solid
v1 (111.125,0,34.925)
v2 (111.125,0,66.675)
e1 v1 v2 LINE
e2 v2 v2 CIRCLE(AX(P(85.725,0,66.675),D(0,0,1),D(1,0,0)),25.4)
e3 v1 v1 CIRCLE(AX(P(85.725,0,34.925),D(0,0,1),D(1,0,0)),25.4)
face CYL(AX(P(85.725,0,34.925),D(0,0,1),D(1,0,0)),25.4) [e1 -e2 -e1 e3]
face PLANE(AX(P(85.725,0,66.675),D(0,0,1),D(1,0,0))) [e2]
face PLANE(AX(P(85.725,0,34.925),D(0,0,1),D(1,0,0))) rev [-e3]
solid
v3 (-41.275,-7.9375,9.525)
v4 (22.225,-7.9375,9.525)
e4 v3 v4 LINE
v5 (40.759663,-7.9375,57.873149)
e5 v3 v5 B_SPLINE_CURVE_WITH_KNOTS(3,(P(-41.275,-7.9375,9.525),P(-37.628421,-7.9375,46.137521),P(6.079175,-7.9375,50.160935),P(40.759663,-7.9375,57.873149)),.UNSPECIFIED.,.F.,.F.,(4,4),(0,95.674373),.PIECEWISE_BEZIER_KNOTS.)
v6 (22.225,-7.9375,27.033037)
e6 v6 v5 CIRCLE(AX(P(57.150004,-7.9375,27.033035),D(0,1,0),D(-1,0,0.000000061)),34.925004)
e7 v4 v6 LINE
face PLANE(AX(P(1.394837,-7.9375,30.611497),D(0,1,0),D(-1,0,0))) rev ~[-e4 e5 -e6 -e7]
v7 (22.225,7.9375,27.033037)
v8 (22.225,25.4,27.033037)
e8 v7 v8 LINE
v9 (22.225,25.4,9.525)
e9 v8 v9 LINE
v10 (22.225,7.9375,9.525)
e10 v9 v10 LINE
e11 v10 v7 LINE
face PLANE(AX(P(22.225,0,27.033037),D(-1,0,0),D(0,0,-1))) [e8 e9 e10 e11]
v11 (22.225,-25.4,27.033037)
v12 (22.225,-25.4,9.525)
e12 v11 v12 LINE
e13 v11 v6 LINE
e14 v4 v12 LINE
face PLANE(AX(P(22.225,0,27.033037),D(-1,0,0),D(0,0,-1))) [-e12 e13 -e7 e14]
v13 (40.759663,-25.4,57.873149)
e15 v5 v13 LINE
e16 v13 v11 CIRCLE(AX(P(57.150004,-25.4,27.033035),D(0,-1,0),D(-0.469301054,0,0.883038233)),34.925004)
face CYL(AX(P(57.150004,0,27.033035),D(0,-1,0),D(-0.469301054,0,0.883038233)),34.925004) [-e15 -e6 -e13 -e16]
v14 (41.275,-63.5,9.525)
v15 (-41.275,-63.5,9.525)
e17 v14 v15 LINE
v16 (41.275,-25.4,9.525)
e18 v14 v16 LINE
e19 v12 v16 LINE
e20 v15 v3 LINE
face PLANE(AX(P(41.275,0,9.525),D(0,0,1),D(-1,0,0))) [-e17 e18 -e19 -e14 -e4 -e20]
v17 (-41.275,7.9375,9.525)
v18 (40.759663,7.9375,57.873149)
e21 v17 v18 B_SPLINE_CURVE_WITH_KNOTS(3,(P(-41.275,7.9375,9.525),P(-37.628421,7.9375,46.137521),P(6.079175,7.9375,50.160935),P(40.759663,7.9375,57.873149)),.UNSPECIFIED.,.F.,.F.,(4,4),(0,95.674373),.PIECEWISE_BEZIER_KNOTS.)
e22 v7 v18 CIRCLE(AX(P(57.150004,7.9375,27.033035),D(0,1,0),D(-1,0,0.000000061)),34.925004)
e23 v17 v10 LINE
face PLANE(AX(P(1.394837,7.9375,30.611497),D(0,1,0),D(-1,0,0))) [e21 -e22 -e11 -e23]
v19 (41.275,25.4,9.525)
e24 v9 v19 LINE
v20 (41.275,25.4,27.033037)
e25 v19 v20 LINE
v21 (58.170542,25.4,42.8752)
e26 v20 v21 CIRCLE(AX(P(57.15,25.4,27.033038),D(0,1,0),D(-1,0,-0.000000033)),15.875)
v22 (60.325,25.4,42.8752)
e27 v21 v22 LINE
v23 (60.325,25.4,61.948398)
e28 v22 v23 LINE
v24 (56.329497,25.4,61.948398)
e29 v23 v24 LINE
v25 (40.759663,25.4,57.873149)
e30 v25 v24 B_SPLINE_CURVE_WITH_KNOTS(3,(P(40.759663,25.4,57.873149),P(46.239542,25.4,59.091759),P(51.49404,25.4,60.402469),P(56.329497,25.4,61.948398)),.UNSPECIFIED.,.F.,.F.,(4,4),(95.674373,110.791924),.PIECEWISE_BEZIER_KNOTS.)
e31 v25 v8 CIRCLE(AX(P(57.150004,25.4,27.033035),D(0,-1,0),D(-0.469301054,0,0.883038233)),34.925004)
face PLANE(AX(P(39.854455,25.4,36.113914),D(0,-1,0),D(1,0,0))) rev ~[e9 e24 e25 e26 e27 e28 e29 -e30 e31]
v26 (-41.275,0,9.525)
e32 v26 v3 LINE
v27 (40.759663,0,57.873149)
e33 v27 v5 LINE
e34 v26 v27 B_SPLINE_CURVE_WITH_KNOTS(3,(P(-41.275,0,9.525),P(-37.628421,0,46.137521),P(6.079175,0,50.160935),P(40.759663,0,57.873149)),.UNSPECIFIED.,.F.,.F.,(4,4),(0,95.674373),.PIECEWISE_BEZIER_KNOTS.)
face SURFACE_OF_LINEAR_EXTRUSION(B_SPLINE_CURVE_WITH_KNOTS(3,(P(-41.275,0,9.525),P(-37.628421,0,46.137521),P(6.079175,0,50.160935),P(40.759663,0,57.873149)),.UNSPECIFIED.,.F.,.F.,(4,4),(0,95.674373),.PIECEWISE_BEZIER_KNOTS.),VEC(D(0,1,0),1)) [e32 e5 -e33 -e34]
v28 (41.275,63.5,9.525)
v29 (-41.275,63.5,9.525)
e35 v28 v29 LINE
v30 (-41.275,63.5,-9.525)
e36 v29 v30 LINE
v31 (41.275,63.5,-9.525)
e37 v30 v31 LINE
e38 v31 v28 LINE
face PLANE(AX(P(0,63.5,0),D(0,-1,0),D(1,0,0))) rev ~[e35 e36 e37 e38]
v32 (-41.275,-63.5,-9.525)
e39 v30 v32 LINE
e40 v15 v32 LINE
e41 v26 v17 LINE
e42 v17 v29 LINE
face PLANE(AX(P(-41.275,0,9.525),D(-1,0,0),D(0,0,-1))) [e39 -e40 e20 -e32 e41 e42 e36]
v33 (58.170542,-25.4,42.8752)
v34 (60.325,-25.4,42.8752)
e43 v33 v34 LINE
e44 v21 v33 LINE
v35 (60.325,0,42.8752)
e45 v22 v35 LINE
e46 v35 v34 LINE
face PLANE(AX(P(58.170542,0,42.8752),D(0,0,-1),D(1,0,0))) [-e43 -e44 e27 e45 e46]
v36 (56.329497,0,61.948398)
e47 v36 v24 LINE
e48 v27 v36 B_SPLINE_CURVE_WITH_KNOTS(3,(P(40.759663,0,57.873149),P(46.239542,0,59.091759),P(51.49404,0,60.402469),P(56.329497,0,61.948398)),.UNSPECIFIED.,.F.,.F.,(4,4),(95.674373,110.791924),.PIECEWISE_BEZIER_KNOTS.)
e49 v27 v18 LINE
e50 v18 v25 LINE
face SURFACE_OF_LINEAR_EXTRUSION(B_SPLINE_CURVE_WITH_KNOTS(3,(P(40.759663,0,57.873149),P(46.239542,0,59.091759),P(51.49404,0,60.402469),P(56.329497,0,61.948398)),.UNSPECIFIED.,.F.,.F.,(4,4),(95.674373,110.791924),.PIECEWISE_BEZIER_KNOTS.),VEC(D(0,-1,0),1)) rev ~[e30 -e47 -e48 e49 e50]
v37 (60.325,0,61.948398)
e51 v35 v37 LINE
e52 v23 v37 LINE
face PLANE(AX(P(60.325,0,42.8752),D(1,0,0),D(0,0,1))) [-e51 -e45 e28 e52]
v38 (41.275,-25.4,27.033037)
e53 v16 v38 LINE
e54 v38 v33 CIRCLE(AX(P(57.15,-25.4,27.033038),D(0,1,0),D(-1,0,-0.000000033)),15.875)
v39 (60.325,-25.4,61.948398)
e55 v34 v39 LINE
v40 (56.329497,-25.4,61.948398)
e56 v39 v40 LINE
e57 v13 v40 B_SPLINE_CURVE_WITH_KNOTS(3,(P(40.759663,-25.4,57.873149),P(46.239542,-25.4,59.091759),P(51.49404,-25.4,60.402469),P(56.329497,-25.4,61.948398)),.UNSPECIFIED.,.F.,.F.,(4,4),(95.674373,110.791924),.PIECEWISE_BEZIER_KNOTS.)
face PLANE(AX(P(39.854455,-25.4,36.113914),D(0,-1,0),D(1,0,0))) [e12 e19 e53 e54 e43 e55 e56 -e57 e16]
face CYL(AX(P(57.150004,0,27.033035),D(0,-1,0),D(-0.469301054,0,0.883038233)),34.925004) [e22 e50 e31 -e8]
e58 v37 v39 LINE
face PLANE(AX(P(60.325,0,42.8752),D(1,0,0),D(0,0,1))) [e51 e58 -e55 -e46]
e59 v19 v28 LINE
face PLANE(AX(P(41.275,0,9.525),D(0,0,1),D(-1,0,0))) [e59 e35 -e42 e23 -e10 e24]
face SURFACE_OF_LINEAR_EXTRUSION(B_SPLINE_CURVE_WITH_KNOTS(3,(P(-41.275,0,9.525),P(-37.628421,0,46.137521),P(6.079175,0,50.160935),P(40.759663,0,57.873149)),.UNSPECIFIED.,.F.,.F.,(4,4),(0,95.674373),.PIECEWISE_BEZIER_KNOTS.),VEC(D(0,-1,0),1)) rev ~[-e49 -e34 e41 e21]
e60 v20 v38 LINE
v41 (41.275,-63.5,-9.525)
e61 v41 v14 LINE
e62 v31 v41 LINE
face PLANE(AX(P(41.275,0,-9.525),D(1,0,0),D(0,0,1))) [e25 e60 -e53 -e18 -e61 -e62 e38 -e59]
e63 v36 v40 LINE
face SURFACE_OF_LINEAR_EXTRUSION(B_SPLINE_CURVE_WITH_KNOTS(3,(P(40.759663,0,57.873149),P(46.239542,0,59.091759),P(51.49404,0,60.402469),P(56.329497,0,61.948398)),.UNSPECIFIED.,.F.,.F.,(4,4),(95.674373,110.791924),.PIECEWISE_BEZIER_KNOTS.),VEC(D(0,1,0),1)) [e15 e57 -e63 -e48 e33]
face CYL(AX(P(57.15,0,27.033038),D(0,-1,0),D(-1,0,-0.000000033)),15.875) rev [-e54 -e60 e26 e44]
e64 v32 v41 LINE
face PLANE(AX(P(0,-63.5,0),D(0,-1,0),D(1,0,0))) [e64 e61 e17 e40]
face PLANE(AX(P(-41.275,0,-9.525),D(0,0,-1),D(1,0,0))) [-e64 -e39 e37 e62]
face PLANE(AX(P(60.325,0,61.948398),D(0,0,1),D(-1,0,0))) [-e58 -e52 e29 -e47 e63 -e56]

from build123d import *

# Parameters (mm, degrees)
F1_DEPTH = 63.5
F2_DEPTH = 25.4
F3_DEPTH = 7.9375


with BuildPart() as f1:
    # F0 (on Front) → F1 (new body, symmetric)
    with BuildSketch(Plane.XZ):
        Polygon((22.225, 9.525), (-41.275, 9.525), (-41.275, -9.525), (41.275, -9.525), (41.275, 9.525), align=None)
    extrude(amount=F1_DEPTH, both=True)

    # F0 (on Front) → F2 (join, symmetric)
    with BuildSketch(Plane.XZ):
        with BuildLine():
            Line((22.225, 27.033037), (22.225, 9.525))
            Line((22.225, 9.525), (41.275, 9.525))
            Line((41.275, 9.525), (41.275, 27.033037))
            ThreePointArc((41.275, 27.033037), (46.291489, 38.613554), (58.170542, 42.8752))
            Line((58.170542, 42.8752), (60.325, 42.8752))
            Line((60.325, 42.8752), (60.325, 61.948398))
            Line((60.325, 61.948398), (56.329497, 61.948398))
            add(Edge.make_bspline(
                [(40.759663, 57.873149), (46.239542, 59.091759), (51.49404, 60.402469), (56.329497, 61.948398)],
                knots=[95.674373, 95.674373, 95.674373, 95.674373, 110.791924, 110.791924, 110.791924, 110.791924], degree=3))
            ThreePointArc((40.759663, 57.873149), (27.21517, 45.023633), (22.225, 27.033037))
        make_face()
    extrude(amount=F2_DEPTH, both=True)

    # F0 (on Front) → F3 (join, symmetric)
    with BuildSketch(Plane.XZ):
        with BuildLine():
            add(Edge.make_bspline(
                [(-41.275, 9.525), (-37.628421, 46.137521), (6.079175, 50.160935), (40.759663, 57.873149)],
                knots=[0, 0, 0, 0, 95.674373, 95.674373, 95.674373, 95.674373], degree=3))
            Line((-41.275, 9.525), (22.225, 9.525))
            Line((22.225, 9.525), (22.225, 27.033037))
            ThreePointArc((22.225, 27.033037), (27.21517, 45.023633), (40.759663, 57.873149))
        make_face()
    extrude(amount=F3_DEPTH, both=True)

    # F0 (on Front) → F4 (revolve)
    with BuildSketch(Plane.XZ):
        Polygon((85.725, 66.675), (85.725, 61.948398), (85.725, 42.8752), (85.725, 34.925), (111.125, 34.925), (111.125, 66.675), align=None)
    revolve(axis=Axis((85.725, 0, 50.8), (0, 0, 1)))


solid = f1.part
